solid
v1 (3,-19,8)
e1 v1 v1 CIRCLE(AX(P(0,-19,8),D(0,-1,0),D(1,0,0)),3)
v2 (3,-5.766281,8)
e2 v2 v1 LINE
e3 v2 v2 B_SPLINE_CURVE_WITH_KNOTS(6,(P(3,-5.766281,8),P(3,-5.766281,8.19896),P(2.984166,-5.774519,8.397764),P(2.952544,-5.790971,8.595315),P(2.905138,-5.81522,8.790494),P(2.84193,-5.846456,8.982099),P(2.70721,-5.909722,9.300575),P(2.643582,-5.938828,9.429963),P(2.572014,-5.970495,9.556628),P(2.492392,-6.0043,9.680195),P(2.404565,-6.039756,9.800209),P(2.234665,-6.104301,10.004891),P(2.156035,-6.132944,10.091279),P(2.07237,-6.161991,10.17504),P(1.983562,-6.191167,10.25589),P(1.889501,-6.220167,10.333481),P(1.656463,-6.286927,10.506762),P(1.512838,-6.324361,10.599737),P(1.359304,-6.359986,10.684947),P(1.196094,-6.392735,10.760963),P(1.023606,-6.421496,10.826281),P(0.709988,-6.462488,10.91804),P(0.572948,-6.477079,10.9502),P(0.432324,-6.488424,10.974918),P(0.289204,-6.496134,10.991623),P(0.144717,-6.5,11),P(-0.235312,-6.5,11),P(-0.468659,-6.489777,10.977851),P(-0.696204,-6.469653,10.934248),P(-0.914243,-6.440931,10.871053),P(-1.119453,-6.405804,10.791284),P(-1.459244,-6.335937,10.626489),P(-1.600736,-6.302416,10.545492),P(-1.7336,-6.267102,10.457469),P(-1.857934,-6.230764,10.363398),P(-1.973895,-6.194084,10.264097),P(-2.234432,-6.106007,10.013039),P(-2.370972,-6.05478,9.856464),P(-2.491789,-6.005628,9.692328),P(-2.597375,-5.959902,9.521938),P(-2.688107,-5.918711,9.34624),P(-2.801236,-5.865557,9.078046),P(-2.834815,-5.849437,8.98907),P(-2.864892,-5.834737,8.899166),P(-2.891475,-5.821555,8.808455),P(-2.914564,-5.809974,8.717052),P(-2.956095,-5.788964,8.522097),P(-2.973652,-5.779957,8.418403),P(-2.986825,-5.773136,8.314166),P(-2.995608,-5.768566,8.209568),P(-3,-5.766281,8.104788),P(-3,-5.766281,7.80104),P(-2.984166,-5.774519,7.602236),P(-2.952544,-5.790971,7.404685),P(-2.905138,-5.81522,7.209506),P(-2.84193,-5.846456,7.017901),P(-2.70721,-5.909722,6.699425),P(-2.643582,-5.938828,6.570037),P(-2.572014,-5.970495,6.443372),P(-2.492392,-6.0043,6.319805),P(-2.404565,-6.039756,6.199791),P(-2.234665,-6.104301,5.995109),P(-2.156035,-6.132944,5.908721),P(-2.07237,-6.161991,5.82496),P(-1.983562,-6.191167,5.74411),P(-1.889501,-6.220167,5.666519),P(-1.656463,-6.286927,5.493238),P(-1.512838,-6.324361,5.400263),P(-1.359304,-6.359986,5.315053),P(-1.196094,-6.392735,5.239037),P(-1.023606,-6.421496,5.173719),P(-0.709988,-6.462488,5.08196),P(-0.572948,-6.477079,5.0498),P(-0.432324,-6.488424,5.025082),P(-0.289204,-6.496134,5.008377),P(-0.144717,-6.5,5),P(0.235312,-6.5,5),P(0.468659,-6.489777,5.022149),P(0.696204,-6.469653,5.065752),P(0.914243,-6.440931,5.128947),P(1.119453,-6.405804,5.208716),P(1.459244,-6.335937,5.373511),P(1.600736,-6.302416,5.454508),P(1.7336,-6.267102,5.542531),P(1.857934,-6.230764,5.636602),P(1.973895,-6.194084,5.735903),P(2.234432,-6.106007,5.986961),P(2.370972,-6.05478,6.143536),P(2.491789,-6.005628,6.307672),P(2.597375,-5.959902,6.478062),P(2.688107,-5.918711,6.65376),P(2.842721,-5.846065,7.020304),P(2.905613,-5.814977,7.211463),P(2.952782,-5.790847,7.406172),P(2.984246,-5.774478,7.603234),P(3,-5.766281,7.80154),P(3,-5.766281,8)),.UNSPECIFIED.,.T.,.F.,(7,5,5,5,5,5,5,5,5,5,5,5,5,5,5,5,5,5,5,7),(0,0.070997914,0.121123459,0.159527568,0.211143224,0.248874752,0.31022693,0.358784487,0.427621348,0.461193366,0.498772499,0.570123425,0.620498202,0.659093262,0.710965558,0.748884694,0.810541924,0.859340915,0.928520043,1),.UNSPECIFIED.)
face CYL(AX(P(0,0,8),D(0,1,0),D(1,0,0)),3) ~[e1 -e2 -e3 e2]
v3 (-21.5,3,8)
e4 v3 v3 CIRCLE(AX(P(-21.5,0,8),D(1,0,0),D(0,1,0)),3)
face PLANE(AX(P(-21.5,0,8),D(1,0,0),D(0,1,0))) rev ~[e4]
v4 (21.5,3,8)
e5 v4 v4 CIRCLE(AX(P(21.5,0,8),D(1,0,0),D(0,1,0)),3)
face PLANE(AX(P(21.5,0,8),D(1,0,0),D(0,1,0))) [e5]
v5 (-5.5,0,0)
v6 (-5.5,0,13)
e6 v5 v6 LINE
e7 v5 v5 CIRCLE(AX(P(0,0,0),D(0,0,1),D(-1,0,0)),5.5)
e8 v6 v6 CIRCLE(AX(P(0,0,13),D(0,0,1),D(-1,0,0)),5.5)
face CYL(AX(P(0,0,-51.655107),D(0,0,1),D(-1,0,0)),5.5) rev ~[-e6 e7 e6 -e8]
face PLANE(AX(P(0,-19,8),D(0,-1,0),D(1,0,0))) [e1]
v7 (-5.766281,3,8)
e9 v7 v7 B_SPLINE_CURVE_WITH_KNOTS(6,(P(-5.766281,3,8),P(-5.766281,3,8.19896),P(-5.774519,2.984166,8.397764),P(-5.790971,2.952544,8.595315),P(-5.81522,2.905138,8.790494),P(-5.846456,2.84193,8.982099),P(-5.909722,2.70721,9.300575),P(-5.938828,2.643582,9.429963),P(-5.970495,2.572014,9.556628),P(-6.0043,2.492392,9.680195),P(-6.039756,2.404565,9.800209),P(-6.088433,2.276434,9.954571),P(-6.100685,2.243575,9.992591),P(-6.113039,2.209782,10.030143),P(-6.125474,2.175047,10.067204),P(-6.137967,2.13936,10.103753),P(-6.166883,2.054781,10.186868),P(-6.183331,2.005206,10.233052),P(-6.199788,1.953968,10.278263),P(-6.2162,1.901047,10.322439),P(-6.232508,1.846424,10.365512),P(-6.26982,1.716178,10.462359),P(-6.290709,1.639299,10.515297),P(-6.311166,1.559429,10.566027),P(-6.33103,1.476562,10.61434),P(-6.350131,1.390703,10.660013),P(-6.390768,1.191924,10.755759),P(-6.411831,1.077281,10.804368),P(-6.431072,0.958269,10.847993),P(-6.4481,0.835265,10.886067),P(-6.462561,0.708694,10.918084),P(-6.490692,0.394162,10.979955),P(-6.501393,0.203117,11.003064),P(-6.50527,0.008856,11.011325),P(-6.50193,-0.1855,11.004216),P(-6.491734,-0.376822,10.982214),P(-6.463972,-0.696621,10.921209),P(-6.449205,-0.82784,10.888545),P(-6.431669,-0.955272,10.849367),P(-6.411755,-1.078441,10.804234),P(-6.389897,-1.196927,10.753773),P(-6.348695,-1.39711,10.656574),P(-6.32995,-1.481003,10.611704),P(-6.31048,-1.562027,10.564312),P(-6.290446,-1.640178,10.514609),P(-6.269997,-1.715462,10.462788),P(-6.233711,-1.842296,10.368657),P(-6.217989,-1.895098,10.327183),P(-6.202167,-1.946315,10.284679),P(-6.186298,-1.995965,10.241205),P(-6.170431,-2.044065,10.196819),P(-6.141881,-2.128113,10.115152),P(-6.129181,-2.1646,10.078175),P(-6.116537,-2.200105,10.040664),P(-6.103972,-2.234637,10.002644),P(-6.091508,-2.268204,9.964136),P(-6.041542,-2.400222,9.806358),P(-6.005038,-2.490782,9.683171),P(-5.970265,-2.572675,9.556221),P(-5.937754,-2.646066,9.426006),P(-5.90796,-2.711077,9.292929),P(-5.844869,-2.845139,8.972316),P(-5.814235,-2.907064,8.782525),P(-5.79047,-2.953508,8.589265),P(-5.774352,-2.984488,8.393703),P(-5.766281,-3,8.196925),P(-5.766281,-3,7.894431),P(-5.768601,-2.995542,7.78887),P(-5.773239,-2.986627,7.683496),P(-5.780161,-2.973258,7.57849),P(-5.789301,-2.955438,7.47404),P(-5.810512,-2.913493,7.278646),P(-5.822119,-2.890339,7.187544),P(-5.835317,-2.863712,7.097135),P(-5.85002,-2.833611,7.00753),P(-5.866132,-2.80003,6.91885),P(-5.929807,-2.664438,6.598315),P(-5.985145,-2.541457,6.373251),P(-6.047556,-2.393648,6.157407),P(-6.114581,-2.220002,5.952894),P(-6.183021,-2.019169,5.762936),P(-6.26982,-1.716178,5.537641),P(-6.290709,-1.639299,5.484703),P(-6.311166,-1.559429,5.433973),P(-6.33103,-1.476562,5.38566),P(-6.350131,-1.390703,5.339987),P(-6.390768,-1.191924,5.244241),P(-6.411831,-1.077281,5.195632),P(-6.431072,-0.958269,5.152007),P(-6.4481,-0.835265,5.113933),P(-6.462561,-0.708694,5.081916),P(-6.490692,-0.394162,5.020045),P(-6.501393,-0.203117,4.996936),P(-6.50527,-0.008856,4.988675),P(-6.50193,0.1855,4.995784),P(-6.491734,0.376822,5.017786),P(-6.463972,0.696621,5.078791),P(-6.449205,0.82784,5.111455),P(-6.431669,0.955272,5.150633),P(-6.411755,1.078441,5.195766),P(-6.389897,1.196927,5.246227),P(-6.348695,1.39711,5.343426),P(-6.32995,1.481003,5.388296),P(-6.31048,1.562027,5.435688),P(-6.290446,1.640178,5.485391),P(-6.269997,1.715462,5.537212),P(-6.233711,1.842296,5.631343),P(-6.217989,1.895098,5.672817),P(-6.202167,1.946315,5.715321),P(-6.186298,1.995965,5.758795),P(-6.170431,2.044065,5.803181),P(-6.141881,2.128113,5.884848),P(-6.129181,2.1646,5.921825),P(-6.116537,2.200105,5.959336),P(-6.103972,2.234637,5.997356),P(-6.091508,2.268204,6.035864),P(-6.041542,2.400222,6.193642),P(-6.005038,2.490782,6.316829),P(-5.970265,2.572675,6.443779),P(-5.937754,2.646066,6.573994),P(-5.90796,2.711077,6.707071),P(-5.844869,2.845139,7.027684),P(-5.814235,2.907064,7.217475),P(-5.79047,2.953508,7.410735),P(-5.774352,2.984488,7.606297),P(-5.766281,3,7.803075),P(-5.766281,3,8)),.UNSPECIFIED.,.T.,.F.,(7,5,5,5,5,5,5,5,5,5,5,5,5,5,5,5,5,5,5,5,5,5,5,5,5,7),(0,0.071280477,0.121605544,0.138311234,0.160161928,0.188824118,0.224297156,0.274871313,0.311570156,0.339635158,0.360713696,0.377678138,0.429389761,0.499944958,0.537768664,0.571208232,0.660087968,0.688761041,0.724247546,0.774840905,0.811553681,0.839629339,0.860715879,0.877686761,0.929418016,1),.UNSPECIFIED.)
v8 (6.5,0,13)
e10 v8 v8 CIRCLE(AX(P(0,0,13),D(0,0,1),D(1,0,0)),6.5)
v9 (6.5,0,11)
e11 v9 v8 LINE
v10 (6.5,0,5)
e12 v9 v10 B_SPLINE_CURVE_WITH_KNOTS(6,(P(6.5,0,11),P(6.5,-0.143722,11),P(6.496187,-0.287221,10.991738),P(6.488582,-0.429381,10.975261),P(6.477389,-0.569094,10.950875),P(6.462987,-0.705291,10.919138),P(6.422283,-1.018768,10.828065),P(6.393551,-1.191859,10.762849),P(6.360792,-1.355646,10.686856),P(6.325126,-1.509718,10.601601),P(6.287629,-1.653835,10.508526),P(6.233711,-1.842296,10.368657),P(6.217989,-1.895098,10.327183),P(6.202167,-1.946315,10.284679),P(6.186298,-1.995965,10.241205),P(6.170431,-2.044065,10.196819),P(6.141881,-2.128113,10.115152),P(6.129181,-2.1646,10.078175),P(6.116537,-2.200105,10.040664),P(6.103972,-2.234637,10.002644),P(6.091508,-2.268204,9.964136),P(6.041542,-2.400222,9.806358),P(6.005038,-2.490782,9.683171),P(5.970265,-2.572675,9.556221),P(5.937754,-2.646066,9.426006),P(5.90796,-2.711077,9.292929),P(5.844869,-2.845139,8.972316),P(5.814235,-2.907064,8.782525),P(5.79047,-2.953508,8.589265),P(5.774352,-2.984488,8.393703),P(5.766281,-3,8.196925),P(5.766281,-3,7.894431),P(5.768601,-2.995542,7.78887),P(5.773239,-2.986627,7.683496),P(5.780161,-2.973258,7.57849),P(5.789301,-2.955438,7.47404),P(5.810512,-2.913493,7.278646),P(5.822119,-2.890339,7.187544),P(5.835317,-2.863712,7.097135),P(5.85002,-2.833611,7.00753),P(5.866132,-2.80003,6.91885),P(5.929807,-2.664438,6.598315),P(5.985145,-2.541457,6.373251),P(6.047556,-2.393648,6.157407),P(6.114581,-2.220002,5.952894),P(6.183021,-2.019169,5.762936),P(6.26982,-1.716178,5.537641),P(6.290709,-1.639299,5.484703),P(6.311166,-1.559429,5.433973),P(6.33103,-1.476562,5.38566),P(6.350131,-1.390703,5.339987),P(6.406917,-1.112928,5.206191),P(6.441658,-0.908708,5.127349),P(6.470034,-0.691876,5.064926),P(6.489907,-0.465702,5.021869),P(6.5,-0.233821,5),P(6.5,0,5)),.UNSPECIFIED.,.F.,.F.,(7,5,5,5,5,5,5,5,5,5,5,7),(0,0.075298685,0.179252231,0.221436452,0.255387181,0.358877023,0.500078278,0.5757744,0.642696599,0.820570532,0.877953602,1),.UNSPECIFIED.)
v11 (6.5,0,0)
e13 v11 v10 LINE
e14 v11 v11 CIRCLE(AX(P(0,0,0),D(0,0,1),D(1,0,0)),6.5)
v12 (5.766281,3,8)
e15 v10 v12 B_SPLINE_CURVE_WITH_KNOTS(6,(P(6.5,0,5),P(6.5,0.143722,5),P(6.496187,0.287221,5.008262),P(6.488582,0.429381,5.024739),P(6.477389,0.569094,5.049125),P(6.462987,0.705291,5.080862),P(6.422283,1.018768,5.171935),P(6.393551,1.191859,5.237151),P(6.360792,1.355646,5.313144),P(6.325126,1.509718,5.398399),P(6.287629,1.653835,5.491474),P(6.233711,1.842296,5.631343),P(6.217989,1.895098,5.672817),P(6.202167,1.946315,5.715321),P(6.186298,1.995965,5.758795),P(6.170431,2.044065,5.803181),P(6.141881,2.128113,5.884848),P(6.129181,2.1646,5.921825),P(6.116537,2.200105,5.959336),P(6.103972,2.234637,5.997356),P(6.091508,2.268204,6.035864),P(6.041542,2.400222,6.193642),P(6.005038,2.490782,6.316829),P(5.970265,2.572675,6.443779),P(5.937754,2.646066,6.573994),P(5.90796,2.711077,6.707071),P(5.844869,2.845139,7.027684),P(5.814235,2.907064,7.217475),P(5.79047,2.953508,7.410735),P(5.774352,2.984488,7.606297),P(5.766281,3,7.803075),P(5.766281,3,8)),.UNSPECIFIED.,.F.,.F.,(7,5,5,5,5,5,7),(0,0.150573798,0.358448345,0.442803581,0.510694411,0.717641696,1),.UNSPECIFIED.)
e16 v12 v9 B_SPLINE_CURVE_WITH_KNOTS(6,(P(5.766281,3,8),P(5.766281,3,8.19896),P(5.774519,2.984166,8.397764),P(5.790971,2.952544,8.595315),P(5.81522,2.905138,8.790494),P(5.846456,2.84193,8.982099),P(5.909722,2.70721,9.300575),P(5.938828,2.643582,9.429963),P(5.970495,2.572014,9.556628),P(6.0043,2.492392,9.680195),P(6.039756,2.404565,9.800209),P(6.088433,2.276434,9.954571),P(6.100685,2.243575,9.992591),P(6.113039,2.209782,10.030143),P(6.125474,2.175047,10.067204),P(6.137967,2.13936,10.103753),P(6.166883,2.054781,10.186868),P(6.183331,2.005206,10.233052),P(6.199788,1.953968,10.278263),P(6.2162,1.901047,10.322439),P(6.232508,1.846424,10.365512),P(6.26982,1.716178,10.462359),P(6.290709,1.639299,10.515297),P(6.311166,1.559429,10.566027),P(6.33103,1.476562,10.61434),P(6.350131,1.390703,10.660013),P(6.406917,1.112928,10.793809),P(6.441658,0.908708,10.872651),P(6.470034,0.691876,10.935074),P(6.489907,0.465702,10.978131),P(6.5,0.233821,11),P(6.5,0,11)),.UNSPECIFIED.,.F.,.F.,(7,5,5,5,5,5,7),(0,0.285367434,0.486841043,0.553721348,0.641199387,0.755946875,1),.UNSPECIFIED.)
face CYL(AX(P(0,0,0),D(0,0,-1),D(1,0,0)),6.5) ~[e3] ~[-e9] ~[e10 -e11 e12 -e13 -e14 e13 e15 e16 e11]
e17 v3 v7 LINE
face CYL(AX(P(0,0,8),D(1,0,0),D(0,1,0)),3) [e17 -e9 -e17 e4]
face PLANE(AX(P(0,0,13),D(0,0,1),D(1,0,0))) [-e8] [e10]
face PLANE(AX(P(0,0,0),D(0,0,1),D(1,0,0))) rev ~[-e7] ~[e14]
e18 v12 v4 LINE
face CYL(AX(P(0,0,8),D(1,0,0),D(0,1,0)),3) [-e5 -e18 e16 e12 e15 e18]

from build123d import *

# Parameters (mm, degrees)
F0_R     = 6.5
F1_DEPTH = 13
F2_R     = 3
F3_DEPTH = 21.5
F4_R     = 3
F5_DEPTH = 19
F7_D     = 11


with BuildPart() as f1:
    # F0 (on Top) → F1 (new body)
    with BuildSketch(Plane.XY):
        Circle(F0_R)
    extrude(amount=F1_DEPTH)

    # F2 (on Right) → F3 (join, symmetric)
    with BuildSketch(Plane.YZ):
        with Locations((0, 8)):
            Circle(F2_R)
    extrude(amount=F3_DEPTH, both=True)

    # F4 (on Front) → F5 (join)
    with BuildSketch(Plane.XZ):
        with Locations((0, 8)):
            Circle(F4_R)
    extrude(amount=F5_DEPTH)

    # F7 (through all)
    with Locations(Plane(origin=(0, 0, 0), x_dir=(1, 0, 0), z_dir=(0, 0, -1))):
        with Locations((0, 0)):
            Hole(F7_D / 2)


solid = f1.part
